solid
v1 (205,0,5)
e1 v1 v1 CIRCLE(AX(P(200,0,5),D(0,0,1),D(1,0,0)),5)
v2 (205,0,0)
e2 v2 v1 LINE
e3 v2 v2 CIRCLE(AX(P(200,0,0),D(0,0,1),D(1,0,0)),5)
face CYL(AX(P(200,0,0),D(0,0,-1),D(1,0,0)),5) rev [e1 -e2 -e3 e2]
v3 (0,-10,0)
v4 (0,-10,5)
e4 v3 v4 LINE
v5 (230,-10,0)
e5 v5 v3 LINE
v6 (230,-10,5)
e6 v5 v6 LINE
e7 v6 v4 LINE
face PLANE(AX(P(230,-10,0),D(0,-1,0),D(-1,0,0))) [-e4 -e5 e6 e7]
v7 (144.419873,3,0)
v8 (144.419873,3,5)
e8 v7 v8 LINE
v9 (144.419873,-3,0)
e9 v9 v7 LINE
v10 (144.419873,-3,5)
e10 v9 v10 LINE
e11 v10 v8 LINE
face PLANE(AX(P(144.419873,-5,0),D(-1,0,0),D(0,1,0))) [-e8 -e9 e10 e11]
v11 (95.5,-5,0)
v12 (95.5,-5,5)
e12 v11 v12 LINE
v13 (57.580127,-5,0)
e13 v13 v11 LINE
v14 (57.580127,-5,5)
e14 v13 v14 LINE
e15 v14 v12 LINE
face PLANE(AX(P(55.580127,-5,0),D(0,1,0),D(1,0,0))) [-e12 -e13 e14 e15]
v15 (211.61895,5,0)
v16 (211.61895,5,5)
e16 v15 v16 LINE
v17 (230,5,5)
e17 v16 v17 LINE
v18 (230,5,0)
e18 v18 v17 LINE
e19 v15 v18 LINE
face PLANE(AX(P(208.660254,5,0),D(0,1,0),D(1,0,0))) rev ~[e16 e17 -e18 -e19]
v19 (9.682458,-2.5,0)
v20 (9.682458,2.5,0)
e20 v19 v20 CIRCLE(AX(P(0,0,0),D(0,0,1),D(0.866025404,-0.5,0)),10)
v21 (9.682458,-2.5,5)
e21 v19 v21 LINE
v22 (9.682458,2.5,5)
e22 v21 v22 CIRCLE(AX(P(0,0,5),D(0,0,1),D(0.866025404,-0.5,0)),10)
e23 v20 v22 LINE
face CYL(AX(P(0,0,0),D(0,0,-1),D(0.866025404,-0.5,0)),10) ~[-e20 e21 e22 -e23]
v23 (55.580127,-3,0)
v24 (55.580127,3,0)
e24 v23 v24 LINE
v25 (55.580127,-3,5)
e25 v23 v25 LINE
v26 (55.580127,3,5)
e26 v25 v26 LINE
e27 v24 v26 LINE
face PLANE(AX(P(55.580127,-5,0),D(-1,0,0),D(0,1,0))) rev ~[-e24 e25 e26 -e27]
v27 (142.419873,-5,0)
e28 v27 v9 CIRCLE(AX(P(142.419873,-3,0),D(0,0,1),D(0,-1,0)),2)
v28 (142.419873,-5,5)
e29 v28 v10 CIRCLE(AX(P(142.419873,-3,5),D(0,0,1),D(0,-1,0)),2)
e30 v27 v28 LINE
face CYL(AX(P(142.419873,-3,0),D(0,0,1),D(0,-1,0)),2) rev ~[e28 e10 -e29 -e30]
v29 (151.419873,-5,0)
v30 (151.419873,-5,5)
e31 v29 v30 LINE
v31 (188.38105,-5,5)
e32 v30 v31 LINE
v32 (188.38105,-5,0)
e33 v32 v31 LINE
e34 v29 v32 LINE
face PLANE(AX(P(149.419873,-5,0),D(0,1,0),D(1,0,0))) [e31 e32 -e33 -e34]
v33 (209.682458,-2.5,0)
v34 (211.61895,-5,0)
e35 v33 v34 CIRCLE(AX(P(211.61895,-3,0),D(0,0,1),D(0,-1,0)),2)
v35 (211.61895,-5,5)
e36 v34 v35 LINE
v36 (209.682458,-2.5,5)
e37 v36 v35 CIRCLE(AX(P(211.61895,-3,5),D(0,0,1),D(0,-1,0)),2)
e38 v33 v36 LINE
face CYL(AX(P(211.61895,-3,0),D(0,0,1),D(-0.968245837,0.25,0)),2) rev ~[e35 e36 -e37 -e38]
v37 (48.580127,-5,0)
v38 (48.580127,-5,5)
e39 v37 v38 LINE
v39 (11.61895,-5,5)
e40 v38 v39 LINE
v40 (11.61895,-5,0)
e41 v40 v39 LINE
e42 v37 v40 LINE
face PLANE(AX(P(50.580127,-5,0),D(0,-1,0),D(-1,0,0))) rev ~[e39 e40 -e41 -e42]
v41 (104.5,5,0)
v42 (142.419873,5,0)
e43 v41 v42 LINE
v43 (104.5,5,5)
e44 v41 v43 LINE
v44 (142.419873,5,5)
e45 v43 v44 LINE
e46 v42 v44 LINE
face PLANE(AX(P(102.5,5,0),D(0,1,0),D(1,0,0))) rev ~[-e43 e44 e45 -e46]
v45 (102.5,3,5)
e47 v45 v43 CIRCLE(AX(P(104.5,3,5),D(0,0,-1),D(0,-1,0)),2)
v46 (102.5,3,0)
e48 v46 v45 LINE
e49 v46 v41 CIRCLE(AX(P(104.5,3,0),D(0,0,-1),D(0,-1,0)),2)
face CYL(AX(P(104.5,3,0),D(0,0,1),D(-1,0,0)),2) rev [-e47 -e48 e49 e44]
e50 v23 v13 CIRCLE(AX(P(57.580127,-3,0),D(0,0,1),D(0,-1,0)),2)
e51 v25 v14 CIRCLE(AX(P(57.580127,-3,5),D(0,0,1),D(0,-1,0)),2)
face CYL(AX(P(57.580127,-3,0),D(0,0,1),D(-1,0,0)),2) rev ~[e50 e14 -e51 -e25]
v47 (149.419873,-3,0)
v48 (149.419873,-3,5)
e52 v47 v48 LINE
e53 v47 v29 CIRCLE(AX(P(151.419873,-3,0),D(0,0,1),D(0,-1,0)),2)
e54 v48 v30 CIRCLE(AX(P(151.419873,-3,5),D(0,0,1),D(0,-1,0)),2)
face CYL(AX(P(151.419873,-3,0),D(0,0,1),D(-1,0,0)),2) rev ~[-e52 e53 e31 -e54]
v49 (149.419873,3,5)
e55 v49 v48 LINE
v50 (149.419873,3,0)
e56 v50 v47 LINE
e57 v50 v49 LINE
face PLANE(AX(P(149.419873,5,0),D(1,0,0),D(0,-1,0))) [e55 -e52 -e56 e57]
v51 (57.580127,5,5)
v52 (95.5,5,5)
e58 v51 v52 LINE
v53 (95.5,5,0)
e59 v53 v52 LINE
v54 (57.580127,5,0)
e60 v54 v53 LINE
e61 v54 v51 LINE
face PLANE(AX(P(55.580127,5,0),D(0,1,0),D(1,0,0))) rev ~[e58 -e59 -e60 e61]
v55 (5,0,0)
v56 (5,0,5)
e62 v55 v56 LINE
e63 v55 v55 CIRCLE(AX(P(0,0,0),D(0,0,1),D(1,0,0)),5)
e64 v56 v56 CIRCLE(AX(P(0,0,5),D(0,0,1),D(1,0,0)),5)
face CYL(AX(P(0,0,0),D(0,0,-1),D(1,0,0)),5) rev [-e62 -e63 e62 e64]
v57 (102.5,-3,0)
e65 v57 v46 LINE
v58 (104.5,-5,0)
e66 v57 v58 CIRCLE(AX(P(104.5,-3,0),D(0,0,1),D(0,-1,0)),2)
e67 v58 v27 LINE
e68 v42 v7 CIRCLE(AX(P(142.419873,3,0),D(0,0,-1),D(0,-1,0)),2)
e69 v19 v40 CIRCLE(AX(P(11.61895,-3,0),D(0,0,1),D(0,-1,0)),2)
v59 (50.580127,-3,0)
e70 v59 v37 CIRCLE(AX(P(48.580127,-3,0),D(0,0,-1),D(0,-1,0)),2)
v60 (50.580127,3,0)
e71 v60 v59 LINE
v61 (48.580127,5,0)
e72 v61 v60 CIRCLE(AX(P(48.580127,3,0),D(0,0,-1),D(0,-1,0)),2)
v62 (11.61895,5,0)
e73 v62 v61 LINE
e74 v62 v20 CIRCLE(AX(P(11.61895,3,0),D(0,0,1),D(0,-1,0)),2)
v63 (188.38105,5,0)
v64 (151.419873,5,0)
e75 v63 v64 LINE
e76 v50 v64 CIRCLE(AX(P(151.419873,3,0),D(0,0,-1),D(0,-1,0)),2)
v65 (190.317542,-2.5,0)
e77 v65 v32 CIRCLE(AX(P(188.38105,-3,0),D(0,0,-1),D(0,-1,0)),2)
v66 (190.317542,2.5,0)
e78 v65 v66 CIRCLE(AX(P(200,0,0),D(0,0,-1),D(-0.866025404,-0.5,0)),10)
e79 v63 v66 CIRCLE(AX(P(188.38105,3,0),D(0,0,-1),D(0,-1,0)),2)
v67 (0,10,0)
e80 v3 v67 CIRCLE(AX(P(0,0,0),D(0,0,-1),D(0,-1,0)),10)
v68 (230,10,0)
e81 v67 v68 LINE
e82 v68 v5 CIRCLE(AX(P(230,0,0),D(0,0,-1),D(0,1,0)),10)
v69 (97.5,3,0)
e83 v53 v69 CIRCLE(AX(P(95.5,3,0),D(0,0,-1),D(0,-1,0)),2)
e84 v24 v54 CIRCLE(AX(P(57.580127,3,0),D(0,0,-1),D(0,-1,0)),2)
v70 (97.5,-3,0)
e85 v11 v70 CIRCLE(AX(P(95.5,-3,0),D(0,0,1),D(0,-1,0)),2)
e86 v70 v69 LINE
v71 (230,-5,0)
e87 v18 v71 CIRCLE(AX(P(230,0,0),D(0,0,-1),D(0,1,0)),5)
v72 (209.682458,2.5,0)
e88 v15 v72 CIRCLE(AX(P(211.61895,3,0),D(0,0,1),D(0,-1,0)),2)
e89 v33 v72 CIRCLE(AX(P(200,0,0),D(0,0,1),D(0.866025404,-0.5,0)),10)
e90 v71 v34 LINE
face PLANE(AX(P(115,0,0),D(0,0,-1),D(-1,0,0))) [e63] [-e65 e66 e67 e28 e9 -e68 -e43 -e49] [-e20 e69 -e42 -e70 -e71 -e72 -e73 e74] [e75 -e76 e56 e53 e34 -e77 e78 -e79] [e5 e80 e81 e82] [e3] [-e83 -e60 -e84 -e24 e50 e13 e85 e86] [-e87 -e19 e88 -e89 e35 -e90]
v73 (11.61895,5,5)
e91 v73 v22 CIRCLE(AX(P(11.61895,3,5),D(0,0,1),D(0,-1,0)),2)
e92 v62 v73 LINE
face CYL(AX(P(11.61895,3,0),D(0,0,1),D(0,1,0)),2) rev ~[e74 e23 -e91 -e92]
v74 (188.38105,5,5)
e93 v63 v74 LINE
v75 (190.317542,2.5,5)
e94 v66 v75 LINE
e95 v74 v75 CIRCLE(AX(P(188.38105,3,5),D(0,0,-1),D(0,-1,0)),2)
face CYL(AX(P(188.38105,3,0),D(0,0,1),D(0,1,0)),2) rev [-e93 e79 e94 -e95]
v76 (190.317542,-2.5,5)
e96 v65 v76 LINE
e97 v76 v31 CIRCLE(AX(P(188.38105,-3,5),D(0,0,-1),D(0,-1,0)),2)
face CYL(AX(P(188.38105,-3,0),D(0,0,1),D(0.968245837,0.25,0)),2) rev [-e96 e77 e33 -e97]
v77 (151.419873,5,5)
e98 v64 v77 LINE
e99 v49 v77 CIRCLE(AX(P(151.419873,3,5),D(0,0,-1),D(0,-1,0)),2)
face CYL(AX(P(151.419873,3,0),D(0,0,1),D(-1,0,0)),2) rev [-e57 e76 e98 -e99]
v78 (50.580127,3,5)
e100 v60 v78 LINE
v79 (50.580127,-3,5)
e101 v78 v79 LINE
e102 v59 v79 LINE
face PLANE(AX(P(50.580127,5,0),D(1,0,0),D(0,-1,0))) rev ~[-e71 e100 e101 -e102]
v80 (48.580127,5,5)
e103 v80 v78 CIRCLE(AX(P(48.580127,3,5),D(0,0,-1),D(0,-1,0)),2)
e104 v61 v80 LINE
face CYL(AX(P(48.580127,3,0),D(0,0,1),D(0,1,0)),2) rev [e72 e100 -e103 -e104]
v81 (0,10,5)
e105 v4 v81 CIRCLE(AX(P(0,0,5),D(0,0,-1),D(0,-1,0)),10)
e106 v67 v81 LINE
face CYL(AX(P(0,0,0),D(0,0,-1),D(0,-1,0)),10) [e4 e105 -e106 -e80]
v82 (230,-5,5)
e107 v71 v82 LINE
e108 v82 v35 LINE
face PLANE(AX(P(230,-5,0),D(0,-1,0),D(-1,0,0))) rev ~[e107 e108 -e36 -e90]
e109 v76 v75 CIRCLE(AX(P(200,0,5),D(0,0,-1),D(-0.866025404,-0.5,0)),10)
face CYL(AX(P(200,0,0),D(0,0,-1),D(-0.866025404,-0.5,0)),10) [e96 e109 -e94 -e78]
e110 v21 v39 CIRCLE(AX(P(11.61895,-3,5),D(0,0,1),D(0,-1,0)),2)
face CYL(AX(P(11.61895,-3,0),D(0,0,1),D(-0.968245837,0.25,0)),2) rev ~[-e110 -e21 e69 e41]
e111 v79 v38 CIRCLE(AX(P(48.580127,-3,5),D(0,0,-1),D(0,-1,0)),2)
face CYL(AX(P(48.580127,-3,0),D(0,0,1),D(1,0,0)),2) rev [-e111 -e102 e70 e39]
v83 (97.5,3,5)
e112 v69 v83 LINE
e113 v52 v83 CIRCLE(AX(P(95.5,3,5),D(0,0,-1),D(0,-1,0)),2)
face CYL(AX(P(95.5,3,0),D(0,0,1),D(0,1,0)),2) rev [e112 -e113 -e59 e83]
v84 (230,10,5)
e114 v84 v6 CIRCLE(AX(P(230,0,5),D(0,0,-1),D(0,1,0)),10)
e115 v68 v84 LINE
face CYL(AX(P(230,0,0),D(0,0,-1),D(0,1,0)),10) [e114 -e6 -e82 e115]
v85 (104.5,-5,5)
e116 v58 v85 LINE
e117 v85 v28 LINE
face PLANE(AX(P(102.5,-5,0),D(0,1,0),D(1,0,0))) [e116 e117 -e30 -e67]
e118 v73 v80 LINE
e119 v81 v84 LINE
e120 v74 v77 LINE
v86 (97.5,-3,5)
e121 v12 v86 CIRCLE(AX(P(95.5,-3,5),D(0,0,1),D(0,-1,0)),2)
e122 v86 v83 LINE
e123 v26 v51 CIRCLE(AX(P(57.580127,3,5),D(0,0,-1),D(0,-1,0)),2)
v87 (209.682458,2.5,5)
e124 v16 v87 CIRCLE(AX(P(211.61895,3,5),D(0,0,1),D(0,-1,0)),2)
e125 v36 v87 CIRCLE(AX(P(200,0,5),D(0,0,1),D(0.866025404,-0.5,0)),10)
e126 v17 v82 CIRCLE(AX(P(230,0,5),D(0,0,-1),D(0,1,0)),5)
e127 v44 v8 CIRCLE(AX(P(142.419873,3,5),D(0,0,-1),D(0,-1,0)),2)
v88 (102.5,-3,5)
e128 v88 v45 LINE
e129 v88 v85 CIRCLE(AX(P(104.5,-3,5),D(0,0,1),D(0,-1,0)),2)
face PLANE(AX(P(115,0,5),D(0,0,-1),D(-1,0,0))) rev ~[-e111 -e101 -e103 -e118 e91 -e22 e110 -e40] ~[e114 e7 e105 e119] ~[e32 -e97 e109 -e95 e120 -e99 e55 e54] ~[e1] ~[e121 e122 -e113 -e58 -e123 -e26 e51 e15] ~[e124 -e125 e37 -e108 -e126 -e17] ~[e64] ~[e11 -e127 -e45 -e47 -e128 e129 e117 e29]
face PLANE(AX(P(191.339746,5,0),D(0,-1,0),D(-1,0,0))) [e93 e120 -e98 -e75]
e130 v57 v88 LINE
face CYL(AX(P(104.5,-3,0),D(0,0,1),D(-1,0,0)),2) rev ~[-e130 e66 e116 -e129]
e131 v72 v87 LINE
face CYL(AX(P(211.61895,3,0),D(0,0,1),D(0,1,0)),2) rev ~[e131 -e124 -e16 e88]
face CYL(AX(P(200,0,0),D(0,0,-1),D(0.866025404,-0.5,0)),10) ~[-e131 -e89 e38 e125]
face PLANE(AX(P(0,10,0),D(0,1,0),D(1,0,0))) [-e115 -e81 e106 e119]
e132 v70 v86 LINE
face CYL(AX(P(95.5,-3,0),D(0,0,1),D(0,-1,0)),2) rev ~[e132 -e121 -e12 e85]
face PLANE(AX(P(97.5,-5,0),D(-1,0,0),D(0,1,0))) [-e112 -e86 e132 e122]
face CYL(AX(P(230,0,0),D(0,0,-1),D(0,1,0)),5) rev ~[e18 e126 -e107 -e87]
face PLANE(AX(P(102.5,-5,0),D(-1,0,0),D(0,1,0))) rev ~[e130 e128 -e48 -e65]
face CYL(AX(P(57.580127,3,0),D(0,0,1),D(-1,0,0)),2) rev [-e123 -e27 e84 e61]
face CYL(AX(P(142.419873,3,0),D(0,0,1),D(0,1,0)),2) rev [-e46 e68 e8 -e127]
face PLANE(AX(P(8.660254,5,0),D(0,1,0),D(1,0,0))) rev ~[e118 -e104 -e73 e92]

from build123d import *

# Parameters (mm, degrees)
SKETCH_1_R      = 5
SKETCH_1_W      = 41.919872981
SKETCH_1_H      = 10
EXTRUDE_1_DEPTH = 5
FILLET_1_R      = 2
FILLET_2_R      = 2


with BuildPart() as part:
    # 草图1 → 凸台-拉伸1 (new body)
    with BuildSketch(Plane.XY):
        with BuildLine():
            Line((0, 10), (230, 10))
            ThreePointArc((230, 10), (240, 0), (230, -10))
            Line((230, -10), (0, -10))
            ThreePointArc((0, -10), (-10, 0), (0, 10))
        make_face()
        Circle(SKETCH_1_R, mode=Mode.SUBTRACT)
        with Locations((200, 0)):
            Circle(SKETCH_1_R, mode=Mode.SUBTRACT)
        with BuildLine():
            Line((8.660254038, 5), (50.580127019, 5))
            Line((50.580127019, 5), (50.580127019, -5))
            Line((50.580127019, -5), (8.660254038, -5))
            ThreePointArc((8.660254038, -5), (10, 0), (8.660254038, 5))
        make_face(mode=Mode.SUBTRACT)
        with BuildLine():
            Line((208.660254038, 5), (230, 5))
            ThreePointArc((230, 5), (235, 0), (230, -5))
            Line((230, -5), (208.660254038, -5))
            ThreePointArc((208.660254038, -5), (210, 0), (208.660254038, 5))
        make_face(mode=Mode.SUBTRACT)
        with Locations((123.45993649, 0)):
            Rectangle(SKETCH_1_W, SKETCH_1_H, mode=Mode.SUBTRACT)
        with Locations((76.54006351, 0)):
            Rectangle(SKETCH_1_W, SKETCH_1_H, mode=Mode.SUBTRACT)
        with BuildLine():
            Line((149.419872981, -5), (191.339745962, -5))
            ThreePointArc((191.339745962, -5), (190, 0), (191.339745962, 5))
            Line((191.339745962, 5), (149.419872981, 5))
            Line((149.419872981, 5), (149.419872981, -5))
        make_face(mode=Mode.SUBTRACT)
    extrude(amount=EXTRUDE_1_DEPTH)

    # 圆角1
    fillet_1_edges = [part.edges().sort_by_distance(p)[0] for p in [
        (50.580127019, 5, 2.5),
    ]]
    fillet(fillet_1_edges, radius=FILLET_1_R)

    # 圆角2
    fillet_2_edges = [part.edges().sort_by_distance(p)[0] for p in [
        (208.660254038, 5, 2.5),
        (208.660254038, -5, 2.5),
        (144.419872981, 5, 2.5),
        (102.5, 5, 2.5),
        (102.5, -5, 2.5),
        (144.419872981, -5, 2.5),
        (191.339745962, -5, 2.5),
        (191.339745962, 5, 2.5),
        (149.419872981, 5, 2.5),
        (149.419872981, -5, 2.5),
        (8.660254038, 5, 2.5),
        (8.660254038, -5, 2.5),
        (50.580127019, -5, 2.5),
        (97.5, 5, 2.5),
        (55.580127019, 5, 2.5),
        (55.580127019, -5, 2.5),
        (97.5, -5, 2.5),
    ]]
    fillet(fillet_2_edges, radius=FILLET_2_R)


solid = part.part
